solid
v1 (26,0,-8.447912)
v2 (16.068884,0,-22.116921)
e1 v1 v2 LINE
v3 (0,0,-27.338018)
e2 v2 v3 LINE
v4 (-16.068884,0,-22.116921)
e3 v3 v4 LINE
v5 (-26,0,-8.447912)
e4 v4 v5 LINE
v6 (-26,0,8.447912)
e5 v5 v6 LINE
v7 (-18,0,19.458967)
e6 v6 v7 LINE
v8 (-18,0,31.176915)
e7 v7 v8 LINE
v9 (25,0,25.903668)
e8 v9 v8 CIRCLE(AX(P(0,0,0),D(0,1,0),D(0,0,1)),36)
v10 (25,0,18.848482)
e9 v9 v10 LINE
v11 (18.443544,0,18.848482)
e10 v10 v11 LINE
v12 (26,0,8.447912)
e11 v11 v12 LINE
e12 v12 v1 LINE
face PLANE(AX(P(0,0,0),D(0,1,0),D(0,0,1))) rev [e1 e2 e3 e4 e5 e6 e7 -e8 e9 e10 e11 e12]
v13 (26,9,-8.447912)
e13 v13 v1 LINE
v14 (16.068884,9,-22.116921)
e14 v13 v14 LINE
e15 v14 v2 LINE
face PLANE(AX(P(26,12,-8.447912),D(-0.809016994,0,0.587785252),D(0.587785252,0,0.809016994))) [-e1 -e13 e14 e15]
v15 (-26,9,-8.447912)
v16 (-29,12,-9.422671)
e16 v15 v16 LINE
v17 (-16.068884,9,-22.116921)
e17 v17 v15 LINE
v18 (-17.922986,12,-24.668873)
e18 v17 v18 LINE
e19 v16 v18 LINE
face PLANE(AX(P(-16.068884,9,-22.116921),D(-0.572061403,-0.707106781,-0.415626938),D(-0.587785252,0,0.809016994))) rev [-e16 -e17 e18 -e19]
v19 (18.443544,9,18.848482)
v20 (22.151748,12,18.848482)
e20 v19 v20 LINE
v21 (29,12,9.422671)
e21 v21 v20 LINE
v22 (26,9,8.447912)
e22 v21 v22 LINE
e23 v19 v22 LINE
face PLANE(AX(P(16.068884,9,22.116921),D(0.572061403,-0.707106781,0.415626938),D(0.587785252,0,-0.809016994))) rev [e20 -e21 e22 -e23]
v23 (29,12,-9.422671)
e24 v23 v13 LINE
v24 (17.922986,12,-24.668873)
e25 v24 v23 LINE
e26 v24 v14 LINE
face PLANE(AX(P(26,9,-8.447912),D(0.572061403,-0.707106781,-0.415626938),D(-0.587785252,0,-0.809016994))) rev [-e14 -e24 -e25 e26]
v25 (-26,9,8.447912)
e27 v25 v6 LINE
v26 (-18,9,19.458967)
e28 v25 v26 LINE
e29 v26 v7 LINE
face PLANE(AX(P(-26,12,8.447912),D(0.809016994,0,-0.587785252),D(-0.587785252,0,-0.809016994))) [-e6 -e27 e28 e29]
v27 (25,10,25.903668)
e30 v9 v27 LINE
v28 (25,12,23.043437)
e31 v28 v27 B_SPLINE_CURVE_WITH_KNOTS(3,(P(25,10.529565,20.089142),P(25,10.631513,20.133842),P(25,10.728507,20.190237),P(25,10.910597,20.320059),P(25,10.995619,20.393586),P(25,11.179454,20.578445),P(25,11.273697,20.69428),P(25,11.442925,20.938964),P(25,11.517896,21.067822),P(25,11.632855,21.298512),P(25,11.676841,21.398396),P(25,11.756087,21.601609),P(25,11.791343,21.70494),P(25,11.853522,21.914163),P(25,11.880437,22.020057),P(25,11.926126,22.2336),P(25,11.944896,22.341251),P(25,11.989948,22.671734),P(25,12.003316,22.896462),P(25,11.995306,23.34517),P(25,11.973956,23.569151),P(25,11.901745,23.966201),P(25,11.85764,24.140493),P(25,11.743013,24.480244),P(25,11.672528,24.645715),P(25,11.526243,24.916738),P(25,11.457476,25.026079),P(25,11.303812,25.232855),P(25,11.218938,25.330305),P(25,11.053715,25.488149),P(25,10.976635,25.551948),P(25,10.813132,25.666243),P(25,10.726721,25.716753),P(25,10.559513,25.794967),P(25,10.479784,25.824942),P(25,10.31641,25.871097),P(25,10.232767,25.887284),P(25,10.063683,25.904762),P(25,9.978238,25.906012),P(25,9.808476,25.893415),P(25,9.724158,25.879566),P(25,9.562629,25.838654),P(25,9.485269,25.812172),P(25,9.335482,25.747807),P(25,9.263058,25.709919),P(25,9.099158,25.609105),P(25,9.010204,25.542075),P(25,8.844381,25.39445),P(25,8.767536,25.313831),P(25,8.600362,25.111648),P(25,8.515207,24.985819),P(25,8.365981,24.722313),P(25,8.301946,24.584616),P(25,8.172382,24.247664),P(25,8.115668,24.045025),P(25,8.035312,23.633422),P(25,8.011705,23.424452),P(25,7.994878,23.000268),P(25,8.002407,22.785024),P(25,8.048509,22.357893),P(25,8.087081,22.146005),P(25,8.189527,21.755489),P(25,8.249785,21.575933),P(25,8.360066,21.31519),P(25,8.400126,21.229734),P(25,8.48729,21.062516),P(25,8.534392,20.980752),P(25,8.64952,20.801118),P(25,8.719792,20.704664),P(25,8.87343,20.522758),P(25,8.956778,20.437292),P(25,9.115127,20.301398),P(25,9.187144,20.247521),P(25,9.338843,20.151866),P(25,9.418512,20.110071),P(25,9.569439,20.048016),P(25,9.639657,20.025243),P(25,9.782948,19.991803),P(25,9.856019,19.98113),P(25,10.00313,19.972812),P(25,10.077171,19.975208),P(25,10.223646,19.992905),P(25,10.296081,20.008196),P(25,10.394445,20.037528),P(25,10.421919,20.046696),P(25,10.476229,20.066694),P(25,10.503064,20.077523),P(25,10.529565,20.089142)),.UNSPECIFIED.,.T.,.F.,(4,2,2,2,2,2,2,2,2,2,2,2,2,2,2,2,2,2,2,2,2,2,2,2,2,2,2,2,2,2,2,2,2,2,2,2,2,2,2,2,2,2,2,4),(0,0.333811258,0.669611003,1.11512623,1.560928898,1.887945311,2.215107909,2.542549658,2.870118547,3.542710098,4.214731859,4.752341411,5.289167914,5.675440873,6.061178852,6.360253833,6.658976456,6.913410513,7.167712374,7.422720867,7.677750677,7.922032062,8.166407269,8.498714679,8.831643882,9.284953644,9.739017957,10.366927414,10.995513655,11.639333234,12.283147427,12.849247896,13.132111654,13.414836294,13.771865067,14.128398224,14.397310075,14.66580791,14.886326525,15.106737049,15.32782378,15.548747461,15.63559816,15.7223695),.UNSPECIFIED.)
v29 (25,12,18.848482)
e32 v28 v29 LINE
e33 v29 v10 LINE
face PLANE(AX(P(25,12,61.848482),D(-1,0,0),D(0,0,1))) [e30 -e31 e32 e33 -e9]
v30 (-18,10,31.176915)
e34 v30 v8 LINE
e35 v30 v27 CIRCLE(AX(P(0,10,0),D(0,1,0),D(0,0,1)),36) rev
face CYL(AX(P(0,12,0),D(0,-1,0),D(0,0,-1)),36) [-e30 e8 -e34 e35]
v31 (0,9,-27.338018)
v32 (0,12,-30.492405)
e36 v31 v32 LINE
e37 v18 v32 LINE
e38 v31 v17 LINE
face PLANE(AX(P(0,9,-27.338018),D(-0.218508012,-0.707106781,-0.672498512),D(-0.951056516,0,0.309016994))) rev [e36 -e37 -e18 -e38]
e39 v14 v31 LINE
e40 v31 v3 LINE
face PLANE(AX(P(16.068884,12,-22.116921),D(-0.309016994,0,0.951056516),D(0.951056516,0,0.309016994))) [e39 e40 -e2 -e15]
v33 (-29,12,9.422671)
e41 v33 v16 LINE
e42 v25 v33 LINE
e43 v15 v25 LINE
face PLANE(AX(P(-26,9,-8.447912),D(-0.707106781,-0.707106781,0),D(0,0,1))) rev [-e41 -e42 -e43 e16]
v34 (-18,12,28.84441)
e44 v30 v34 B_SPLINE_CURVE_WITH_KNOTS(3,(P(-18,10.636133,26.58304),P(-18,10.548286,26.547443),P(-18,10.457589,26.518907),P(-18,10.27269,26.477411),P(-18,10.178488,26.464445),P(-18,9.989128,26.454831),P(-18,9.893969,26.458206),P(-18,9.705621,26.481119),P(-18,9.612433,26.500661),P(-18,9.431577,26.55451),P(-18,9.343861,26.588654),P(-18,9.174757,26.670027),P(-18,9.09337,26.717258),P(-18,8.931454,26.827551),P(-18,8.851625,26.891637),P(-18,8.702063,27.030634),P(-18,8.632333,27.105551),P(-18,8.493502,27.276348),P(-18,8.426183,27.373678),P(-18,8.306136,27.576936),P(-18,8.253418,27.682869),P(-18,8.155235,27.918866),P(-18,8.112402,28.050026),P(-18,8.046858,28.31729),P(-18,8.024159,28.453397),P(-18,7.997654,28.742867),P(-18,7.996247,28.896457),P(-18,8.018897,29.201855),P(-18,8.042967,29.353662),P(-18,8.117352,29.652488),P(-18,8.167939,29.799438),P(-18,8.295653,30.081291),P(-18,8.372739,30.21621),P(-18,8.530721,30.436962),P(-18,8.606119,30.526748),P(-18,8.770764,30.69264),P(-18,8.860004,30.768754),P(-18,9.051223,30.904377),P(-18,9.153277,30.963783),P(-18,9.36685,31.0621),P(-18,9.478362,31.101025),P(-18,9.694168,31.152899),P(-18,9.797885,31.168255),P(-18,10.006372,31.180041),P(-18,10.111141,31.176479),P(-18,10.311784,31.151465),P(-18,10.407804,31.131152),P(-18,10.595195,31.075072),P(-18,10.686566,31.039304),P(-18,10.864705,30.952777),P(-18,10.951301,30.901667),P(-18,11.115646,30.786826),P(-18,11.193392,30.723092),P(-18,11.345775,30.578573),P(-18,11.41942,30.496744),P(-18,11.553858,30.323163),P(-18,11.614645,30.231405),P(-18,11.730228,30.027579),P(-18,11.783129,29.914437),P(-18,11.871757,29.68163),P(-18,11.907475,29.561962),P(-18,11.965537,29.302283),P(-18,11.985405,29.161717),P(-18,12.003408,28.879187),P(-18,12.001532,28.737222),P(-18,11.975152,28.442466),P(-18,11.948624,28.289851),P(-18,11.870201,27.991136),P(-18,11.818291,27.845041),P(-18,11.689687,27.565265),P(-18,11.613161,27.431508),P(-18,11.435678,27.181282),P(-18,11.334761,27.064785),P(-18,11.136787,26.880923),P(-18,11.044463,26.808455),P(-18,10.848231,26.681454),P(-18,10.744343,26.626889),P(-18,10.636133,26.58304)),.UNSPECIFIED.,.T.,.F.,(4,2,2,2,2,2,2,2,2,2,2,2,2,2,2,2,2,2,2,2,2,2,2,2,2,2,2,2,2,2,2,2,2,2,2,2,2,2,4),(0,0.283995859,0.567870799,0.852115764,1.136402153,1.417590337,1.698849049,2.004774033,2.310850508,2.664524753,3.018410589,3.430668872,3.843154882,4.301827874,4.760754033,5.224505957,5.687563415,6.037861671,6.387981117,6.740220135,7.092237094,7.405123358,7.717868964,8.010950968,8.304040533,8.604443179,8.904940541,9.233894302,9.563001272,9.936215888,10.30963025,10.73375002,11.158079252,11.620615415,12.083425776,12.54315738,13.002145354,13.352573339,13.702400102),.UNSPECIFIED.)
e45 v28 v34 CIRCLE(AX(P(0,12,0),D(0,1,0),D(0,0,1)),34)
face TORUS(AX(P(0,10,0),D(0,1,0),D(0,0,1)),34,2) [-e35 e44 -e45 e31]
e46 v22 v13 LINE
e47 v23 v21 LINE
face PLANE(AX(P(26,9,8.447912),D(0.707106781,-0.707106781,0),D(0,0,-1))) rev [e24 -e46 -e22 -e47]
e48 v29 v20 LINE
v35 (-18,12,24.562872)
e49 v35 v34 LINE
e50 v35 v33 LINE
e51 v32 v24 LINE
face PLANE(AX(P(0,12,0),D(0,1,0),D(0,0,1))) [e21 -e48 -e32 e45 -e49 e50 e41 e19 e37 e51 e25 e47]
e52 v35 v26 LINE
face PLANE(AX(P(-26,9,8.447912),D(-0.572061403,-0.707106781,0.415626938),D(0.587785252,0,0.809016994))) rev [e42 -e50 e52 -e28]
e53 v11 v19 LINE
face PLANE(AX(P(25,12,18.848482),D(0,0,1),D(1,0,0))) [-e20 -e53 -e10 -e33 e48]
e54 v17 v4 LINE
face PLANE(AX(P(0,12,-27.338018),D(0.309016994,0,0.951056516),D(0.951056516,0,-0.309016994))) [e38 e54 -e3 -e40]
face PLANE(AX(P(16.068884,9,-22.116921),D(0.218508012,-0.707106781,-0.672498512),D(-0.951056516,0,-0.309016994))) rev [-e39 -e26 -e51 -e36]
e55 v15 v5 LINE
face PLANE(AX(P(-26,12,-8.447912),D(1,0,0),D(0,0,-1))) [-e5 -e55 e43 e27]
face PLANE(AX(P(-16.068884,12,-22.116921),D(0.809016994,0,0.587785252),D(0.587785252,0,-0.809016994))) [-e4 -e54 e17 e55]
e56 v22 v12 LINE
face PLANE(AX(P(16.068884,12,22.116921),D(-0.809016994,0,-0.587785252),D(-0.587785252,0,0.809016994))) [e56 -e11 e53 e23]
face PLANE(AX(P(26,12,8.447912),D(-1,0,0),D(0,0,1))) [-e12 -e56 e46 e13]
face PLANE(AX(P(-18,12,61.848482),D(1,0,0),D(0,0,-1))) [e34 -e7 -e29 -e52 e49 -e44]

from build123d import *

# Parameters (mm, degrees)
SKETCH1_R           = 36
BOSS_EXTRUDE1_DEPTH = 12
FILLET1_R           = 2
CHAMFER1_SIZE       = 3
SKETCH2_W           = 43
SKETCH2_H           = 43
CUT_EXTRUDE2_DEPTH  = 53.306787345


with BuildPart() as part:
    # Sketch1 → Boss-Extrude1 (new body)
    with BuildSketch(Plane(origin=(0, 0, 0), x_dir=(1, 0, 0), z_dir=(0, 1, 0))):
        with Locations(Location((0, 0, 0), (0, 0, 270))):
            Circle(SKETCH1_R)
        Polygon((16.068883707, 22.116921017), (0, 27.33801783), (-16.068883707, 22.116921017), (-26, 8.447912102), (-26, -8.447912102), (-16.068883707, -22.116921017), (0, -27.33801783), (16.068883707, -22.116921017), (26, -8.447912102), (26, 8.447912102), align=None, mode=Mode.SUBTRACT)
    extrude(amount=BOSS_EXTRUDE1_DEPTH)

    # Fillet1
    fillet1_edges = [part.edges().sort_by_distance(p)[0] for p in [
        (0, 12, -36),
    ]]
    fillet(fillet1_edges, radius=FILLET1_R)

    # Chamfer1
    chamfer1_edges = [part.edges().sort_by_distance(p)[0] for p in [
        (21.034441854, 12, -15.28241656),
        (8.034441854, 12, -24.727469424),
        (-8.034441854, 12, -24.727469424),
        (-21.034441854, 12, -15.28241656),
        (-26, 12, 0),
        (-21.034441854, 12, 15.28241656),
        (-8.034441854, 12, 24.727469424),
        (8.034441854, 12, 24.727469424),
        (21.034441854, 12, 15.28241656),
        (26, 12, 0),
    ]]
    chamfer(chamfer1_edges, length=CHAMFER1_SIZE)

    # Sketch2 → Cut-Extrude2 (cut, through all)
    with BuildSketch(Plane(origin=(0, 0, 0), x_dir=(1, 0, 0), z_dir=(0, 1, 0))):
        with Locations((3.5, -40.348482004)):
            Rectangle(SKETCH2_W, SKETCH2_H)
    extrude(amount=CUT_EXTRUDE2_DEPTH, mode=Mode.SUBTRACT)


solid = part.part
